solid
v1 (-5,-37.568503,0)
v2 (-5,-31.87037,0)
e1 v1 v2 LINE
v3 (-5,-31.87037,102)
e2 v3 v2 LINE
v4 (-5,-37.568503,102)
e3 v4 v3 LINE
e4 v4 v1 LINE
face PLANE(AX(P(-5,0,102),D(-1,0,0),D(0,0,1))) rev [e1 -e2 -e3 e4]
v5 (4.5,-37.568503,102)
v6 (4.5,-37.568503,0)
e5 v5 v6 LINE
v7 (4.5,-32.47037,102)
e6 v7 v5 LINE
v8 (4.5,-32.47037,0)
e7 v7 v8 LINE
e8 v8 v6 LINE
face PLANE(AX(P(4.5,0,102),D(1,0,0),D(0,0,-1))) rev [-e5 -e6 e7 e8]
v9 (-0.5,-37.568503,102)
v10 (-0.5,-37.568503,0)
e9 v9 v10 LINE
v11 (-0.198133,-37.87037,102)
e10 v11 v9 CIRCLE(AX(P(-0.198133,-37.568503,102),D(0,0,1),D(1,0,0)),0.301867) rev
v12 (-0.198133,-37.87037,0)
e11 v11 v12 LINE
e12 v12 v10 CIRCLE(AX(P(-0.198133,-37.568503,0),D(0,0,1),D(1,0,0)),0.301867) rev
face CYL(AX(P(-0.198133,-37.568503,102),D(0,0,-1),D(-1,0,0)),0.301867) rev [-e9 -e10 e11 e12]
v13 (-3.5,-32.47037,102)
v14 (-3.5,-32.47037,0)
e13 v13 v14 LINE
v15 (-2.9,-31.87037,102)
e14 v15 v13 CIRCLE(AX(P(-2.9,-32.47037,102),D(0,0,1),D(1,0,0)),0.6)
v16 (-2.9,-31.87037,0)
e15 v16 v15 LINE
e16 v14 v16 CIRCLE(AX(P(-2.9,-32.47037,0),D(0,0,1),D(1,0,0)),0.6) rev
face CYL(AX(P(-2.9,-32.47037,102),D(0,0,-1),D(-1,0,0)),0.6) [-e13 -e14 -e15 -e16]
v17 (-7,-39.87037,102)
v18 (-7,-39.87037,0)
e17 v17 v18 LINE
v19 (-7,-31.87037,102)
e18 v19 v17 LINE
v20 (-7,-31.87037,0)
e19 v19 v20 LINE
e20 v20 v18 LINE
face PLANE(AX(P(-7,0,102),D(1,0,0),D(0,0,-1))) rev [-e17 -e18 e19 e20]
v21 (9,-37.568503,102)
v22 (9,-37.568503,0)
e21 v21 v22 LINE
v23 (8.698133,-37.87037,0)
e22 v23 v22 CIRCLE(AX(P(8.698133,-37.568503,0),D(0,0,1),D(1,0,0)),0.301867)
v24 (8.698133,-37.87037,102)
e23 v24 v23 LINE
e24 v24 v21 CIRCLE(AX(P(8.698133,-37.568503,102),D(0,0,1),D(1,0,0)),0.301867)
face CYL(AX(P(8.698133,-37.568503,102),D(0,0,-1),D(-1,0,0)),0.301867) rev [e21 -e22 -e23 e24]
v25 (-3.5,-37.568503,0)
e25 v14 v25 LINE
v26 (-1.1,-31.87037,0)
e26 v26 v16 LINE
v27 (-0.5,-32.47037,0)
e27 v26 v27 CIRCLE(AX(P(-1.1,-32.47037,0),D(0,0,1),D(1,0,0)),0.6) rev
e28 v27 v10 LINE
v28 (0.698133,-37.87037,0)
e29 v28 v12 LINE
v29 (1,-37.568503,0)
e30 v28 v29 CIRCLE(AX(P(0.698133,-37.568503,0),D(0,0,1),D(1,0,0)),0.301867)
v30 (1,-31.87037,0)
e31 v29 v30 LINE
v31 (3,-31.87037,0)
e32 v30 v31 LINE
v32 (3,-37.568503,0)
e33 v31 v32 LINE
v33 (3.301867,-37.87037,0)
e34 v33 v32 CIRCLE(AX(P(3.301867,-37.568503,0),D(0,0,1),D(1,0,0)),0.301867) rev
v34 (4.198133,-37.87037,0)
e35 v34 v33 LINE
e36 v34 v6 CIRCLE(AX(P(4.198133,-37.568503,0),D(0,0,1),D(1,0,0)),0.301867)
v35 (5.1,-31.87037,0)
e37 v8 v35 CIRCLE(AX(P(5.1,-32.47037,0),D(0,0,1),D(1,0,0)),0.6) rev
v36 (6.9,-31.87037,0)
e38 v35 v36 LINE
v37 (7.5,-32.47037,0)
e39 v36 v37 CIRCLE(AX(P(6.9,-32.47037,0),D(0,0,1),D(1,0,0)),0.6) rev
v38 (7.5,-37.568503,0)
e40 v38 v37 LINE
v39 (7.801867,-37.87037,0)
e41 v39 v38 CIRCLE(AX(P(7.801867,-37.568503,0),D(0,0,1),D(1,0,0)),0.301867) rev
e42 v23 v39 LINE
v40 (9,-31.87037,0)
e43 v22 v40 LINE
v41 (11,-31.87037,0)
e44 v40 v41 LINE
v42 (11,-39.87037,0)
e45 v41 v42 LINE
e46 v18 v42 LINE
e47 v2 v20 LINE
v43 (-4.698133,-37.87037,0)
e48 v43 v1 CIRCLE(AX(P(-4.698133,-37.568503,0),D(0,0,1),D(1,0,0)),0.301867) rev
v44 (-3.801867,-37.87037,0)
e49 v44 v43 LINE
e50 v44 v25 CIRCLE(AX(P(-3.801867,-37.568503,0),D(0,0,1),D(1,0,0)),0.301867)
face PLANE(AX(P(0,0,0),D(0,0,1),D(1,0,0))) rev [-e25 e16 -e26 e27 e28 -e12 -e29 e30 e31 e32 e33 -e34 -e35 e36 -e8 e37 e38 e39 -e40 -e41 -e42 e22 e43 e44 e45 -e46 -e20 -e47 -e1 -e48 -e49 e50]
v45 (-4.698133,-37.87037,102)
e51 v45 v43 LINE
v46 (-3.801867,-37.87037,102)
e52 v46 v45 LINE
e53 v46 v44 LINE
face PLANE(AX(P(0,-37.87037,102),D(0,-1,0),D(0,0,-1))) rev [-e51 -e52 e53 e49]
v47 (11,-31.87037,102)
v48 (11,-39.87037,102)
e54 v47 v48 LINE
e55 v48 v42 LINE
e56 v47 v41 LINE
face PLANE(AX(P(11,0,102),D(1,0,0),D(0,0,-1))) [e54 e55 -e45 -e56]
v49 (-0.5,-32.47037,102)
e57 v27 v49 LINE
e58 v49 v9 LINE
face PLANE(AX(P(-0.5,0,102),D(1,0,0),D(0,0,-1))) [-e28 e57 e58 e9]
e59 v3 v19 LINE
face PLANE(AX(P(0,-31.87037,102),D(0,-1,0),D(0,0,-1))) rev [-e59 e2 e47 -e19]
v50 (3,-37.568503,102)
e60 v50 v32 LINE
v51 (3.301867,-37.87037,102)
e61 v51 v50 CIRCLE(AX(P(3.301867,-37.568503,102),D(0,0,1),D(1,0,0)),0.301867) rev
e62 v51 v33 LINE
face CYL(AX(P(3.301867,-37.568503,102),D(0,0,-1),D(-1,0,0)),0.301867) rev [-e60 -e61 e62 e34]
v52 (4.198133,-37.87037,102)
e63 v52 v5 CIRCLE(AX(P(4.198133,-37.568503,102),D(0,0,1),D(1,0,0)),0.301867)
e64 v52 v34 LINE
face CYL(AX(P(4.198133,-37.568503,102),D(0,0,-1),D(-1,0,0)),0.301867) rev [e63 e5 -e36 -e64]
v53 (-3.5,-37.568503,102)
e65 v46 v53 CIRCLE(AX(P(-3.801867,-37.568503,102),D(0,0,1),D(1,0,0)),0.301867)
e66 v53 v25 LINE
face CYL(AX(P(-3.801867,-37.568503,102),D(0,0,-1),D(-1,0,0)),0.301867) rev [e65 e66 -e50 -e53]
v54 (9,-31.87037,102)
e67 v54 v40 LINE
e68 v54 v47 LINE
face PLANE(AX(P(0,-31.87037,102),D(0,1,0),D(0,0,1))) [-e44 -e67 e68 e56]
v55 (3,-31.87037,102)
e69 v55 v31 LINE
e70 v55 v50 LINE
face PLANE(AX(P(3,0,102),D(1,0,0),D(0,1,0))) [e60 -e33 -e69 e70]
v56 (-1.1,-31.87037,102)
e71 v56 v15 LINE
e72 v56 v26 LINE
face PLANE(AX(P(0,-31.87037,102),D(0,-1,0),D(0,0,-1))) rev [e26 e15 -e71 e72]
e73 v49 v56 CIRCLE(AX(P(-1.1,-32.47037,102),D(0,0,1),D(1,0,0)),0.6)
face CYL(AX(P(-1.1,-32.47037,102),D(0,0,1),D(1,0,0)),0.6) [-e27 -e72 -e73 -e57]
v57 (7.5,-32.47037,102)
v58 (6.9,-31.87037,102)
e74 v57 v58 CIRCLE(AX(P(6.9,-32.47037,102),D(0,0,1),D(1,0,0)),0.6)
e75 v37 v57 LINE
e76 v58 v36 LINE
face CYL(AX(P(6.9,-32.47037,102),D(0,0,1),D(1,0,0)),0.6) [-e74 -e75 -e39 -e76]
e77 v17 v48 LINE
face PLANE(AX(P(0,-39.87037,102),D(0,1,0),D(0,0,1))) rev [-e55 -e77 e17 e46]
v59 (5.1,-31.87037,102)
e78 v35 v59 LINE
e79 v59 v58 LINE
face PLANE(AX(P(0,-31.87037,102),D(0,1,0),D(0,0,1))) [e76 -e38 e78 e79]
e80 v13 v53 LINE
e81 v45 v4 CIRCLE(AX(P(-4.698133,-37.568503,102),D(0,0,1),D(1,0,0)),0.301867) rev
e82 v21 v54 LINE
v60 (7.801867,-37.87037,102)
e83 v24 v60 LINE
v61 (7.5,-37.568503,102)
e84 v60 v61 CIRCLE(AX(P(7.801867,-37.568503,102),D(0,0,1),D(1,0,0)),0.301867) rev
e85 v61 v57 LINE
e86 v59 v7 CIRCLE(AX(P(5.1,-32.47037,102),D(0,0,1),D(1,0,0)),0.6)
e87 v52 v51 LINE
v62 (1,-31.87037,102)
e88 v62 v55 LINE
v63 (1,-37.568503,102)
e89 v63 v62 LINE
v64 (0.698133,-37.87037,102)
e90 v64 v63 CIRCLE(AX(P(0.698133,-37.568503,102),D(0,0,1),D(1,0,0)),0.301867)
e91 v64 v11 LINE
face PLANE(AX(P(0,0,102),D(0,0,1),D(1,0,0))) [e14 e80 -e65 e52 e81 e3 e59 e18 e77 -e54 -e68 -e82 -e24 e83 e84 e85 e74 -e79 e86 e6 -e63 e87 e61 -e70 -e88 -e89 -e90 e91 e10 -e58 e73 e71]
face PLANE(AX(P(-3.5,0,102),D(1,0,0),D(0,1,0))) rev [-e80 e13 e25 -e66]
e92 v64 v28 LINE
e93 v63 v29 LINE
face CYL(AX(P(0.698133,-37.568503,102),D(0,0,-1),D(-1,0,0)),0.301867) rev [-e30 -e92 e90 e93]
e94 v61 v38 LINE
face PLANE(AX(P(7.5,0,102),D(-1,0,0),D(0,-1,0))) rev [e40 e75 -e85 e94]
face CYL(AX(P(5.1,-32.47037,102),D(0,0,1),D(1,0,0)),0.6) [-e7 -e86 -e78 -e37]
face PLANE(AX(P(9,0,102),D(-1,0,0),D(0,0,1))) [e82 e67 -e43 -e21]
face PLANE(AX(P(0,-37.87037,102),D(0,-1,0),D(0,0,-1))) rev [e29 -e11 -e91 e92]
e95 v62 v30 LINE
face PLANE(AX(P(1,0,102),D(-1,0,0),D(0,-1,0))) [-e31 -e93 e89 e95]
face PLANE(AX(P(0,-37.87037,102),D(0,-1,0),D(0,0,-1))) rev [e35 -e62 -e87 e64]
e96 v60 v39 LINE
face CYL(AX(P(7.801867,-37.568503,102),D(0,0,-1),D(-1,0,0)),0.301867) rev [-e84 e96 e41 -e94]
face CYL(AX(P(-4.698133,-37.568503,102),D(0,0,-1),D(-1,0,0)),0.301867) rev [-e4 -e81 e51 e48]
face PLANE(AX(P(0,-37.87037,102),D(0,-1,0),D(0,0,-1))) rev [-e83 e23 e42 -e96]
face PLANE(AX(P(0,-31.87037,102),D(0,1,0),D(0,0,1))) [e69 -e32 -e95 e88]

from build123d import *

# Parameters (mm, degrees)
ESBO_O1_W                = 3
ESBO_O1_H                = 6
RESSALTO_EXTRUS_O1_DEPTH = 102
RESSALTO_EXTRUS_O3_DEPTH = 102
RESSALTO_EXTRUS_O4_DEPTH = 102
FILETE3_R                = 0.6


with BuildPart() as part:
    # Esboço1 → Ressalto-extrusão1 (new body)
    with BuildSketch(Plane.XY):
        with Locations((-2, -34.87037037)):
            Rectangle(ESBO_O1_W, ESBO_O1_H)
    extrude(amount=RESSALTO_EXTRUS_O1_DEPTH)

    # Esboço1<6> → Ressalto-extrusão3 (add)
    with BuildSketch(Plane.XY):
        with BuildLine():
            Line((-3.801867323, -37.87037037), (-3.5, -37.87037037))
            Line((-3.5, -37.87037037), (-3.5, -37.568503047))
            ThreePointArc((-3.5, -37.568503047), (-3.588414892, -37.781955478), (-3.801867323, -37.87037037))
        make_face()
        with BuildLine():
            ThreePointArc((-4.698132677, -37.87037037), (-4.911585108, -37.781955478), (-5, -37.568503047))
            Line((-5, -37.568503047), (-5, -31.87037037))
            Line((-5, -31.87037037), (-7, -31.87037037))
            Line((-7, -31.87037037), (-7, -37.87037037))
            Line((-7, -37.87037037), (-4.698132677, -37.87037037))
        make_face()
        with BuildLine():
            Line((-0.5, -37.568503047), (-0.5, -37.87037037))
            Line((-0.5, -37.87037037), (-0.198132677, -37.87037037))
            ThreePointArc((-0.198132677, -37.87037037), (-0.411585108, -37.781955478), (-0.5, -37.568503047))
        make_face()
        with BuildLine():
            ThreePointArc((1, -37.568503047), (0.911585108, -37.781955478), (0.698132677, -37.87037037))
            Line((0.698132677, -37.87037037), (3.301867323, -37.87037037))
            ThreePointArc((3.301867323, -37.87037037), (3.088414892, -37.781955478), (3, -37.568503047))
            Line((3, -37.568503047), (3, -31.87037037))
            Line((3, -31.87037037), (1, -31.87037037))
            Line((1, -31.87037037), (1, -37.568503047))
        make_face()
        with BuildLine():
            Line((11, -37.87037037), (11, -31.87037037))
            Line((11, -31.87037037), (9, -31.87037037))
            Line((9, -31.87037037), (9, -37.568503047))
            ThreePointArc((9, -37.568503047), (8.911585108, -37.781955478), (8.698132677, -37.87037037))
            Line((8.698132677, -37.87037037), (11, -37.87037037))
        make_face()
        with BuildLine():
            ThreePointArc((4.5, -37.568503047), (4.411585108, -37.781955478), (4.198132677, -37.87037037))
            Line((4.198132677, -37.87037037), (7.801867323, -37.87037037))
            ThreePointArc((7.801867323, -37.87037037), (7.588414892, -37.781955478), (7.5, -37.568503047))
            Line((7.5, -37.568503047), (7.5, -31.87037037))
            Line((7.5, -31.87037037), (4.5, -31.87037037))
            Line((4.5, -31.87037037), (4.5, -37.568503047))
        make_face()
    extrude(amount=RESSALTO_EXTRUS_O3_DEPTH)


with BuildPart() as ressalto_extrus_o3_piece_1:
    # of the separate pieces the step leaves, piece 1, a body of its own (ressalto_extrus_o3_pieces)
    add(part.part.solids().sort_by_distance((-0.5, -37.568503047, 0))[0])



with BuildPart() as ressalto_extrus_o3_piece_2:
    # of the separate pieces the step leaves, piece 2, a body of its own (ressalto_extrus_o3_pieces)
    add(part.part.solids().sort_by_distance((4.5, -37.568503047, 0))[0])


with BuildPart() as ressalto_extrus_o3_piece_3:
    # of the separate pieces the step leaves, piece 3, a body of its own (ressalto_extrus_o3_pieces)
    add(part.part.solids().sort_by_distance((1, -37.568503047, 0))[0])


with BuildPart() as ressalto_extrus_o3_piece_4:
    # of the separate pieces the step leaves, piece 4, a body of its own (ressalto_extrus_o3_pieces)
    add(part.part.solids().sort_by_distance((11, -37.87037037, 0))[0])


with BuildPart() as ressalto_extrus_o3_piece_5:
    # of the separate pieces the step leaves, piece 5, a body of its own (ressalto_extrus_o3_pieces)
    add(part.part.solids().sort_by_distance((-4.698132677, -37.87037037, 0))[0])


with BuildPart() as ressalto_extrus_o3_piece_1_1:
    add(ressalto_extrus_o3_piece_1.part)

    add(ressalto_extrus_o3_piece_2.part)  # Ressalto-extrusão4 merges Ressalto-extrusão3 piece 2

    add(ressalto_extrus_o3_piece_3.part)  # Ressalto-extrusão4 merges Ressalto-extrusão3 piece 3

    add(ressalto_extrus_o3_piece_4.part)  # Ressalto-extrusão4 merges Ressalto-extrusão3 piece 4

    add(ressalto_extrus_o3_piece_5.part)  # Ressalto-extrusão4 merges Ressalto-extrusão3 piece 5
    # Esboço1<7> → Ressalto-extrusão4 (add)
    with BuildSketch(Plane.XY):
        Polygon((-2, -37.87037037), (-3.5, -37.87037037), (-3.801867323, -37.87037037), (-4.698132677, -37.87037037), (-5, -37.87037037), (-7, -37.87037037), (-7, -39.87037037), (11, -39.87037037), (11, -37.87037037), (9, -37.87037037), (8.698132677, -37.87037037), (7.801867323, -37.87037037), (7.5, -37.87037037), (6, -37.87037037), (4.5, -37.87037037), (4.198132677, -37.87037037), (3.301867323, -37.87037037), (3, -37.87037037), (1, -37.87037037), (0.698132677, -37.87037037), (-0.198132677, -37.87037037), (-0.5, -37.87037037), align=None)
    extrude(amount=RESSALTO_EXTRUS_O4_DEPTH)

    # Filete3
    filete3_edges = [ressalto_extrus_o3_piece_1_1.edges().sort_by_distance(p)[0] for p in [
        (7.5, -31.87037037, 51),
        (4.5, -31.87037037, 51),
        (-0.5, -31.87037037, 51),
        (-3.5, -31.87037037, 51),
    ]]
    fillet(filete3_edges, radius=FILETE3_R)


solid = ressalto_extrus_o3_piece_1_1.part
